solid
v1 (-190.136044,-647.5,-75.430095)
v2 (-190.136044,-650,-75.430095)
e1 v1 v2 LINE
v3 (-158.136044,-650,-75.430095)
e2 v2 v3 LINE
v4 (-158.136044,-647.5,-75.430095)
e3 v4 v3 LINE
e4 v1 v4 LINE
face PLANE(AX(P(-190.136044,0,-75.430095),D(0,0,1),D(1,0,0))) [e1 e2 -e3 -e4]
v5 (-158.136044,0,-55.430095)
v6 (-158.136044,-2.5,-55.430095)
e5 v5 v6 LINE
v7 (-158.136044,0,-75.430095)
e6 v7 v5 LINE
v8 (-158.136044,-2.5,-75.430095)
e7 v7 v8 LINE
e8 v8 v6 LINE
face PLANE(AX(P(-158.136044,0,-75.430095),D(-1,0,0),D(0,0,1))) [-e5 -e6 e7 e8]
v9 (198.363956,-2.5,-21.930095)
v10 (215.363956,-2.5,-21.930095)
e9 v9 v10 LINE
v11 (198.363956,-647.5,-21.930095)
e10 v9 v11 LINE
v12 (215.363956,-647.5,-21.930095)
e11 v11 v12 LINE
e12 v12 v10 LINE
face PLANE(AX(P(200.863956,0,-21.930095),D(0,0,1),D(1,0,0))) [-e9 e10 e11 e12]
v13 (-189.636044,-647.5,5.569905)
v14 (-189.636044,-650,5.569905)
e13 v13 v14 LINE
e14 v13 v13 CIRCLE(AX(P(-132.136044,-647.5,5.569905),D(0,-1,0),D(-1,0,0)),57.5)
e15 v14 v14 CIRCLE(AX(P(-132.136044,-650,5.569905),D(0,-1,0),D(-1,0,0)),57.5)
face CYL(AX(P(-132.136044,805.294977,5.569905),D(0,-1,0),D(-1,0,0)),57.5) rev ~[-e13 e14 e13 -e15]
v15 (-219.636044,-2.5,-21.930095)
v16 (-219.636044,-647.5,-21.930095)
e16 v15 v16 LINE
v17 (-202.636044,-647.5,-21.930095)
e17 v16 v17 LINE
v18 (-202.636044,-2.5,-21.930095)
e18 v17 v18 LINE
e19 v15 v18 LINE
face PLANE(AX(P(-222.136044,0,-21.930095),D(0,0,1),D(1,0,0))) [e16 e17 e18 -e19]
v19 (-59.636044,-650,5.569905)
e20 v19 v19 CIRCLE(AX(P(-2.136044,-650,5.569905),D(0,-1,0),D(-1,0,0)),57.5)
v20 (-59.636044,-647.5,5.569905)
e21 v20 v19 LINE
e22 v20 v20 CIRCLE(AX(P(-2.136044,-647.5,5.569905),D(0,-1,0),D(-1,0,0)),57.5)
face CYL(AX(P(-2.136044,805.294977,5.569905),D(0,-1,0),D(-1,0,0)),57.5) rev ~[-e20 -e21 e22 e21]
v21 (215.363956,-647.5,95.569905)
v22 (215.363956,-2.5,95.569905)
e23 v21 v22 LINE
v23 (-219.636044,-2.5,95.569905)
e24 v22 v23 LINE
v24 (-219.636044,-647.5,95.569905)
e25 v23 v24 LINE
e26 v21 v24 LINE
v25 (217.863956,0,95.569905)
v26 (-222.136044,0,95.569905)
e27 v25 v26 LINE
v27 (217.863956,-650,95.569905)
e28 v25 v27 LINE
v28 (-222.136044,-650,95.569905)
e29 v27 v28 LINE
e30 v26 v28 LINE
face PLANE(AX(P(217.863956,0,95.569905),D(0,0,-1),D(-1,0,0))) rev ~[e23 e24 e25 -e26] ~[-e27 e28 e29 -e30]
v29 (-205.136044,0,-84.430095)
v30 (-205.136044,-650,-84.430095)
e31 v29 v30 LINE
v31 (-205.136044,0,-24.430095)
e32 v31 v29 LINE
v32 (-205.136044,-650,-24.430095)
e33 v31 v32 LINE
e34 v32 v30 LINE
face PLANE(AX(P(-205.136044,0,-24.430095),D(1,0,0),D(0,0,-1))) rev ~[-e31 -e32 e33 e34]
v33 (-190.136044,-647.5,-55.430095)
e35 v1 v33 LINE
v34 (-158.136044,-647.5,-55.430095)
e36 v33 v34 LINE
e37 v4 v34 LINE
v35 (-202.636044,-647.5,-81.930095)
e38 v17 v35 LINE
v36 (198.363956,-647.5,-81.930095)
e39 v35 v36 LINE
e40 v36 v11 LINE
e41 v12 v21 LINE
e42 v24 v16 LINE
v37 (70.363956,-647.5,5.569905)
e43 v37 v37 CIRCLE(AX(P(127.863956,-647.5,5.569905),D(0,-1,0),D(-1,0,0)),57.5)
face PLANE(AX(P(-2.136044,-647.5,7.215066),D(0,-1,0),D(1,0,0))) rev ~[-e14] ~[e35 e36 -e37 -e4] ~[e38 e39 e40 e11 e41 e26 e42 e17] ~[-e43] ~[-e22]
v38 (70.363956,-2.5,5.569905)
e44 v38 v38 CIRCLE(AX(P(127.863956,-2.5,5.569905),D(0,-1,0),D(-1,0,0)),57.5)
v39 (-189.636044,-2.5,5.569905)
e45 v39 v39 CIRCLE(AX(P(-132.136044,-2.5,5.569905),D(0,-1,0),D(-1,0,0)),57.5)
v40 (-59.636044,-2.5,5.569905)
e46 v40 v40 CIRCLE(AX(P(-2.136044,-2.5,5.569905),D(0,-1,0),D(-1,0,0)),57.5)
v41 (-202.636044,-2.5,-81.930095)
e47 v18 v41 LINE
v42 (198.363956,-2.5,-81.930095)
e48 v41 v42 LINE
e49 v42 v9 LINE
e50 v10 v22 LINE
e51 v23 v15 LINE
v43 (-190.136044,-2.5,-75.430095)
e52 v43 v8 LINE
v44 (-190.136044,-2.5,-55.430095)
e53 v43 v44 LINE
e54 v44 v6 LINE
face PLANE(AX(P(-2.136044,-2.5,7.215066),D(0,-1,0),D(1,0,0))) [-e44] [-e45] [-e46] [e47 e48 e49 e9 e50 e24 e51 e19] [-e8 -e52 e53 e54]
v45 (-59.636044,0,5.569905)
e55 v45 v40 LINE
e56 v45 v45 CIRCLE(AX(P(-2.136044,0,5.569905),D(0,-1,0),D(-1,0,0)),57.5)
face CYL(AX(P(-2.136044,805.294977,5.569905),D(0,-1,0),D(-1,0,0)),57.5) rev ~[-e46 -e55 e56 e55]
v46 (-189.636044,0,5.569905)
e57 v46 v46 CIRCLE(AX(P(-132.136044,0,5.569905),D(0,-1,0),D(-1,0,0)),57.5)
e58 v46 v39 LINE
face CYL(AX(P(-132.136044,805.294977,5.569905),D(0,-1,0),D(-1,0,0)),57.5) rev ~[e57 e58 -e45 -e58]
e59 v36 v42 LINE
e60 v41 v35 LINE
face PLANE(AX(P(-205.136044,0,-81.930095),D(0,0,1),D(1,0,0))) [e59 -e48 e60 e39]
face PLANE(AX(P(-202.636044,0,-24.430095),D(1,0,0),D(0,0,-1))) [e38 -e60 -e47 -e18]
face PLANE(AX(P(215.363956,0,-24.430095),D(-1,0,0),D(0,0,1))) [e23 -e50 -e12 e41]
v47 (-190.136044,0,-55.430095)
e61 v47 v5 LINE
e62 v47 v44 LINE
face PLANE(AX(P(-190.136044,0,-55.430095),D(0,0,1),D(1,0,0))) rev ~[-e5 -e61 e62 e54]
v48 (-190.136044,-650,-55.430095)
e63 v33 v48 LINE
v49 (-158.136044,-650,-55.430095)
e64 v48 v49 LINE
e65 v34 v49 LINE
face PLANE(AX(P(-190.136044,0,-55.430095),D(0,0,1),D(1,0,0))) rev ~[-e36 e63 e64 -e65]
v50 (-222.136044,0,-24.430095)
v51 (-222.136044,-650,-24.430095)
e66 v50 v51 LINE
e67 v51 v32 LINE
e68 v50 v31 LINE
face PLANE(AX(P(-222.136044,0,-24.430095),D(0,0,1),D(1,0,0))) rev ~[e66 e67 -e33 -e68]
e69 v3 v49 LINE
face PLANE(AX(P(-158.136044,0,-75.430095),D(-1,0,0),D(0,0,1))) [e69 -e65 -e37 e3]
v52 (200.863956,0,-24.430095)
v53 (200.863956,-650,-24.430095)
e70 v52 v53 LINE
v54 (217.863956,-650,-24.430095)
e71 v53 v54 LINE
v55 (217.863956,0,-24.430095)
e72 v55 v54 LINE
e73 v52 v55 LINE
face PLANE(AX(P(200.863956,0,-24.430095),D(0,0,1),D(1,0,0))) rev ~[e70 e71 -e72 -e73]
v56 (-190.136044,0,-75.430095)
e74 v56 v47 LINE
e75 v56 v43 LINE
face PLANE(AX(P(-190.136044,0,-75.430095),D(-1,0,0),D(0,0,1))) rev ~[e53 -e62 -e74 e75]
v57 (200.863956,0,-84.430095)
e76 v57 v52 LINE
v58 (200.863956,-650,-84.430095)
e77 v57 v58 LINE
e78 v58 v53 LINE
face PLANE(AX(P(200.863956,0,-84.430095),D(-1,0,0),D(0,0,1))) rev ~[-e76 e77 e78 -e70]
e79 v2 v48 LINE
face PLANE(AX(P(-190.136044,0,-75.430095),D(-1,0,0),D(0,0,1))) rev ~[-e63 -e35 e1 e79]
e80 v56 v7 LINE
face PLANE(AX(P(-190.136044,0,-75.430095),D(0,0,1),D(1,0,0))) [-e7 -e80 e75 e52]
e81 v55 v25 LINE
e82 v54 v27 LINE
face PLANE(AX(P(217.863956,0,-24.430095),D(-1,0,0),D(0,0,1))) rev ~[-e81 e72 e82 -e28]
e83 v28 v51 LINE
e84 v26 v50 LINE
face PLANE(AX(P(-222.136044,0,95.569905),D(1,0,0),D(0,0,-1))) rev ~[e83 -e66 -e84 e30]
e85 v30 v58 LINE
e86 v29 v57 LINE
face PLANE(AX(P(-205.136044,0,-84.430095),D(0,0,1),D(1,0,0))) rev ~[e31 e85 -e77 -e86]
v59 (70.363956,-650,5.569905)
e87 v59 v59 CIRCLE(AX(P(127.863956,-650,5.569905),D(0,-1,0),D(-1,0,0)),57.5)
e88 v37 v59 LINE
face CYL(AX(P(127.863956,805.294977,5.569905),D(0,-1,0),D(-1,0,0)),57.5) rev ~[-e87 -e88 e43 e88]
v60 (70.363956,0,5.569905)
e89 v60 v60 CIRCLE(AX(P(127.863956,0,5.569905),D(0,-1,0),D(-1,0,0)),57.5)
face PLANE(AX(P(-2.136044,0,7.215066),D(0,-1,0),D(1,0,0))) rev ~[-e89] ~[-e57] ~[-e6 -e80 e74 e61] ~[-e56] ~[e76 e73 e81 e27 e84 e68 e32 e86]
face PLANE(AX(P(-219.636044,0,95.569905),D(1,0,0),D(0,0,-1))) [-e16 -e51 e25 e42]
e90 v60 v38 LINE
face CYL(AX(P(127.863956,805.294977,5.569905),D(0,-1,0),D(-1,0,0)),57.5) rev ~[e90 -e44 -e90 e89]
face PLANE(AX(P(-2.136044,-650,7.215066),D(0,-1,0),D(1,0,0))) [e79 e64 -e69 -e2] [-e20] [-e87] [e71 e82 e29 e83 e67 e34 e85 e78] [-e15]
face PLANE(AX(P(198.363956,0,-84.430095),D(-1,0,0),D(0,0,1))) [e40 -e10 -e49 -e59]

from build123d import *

# Parameters (mm, degrees)
F0_W     = 32
F0_H     = 20
F1_DEPTH = 650
F2_T     = -2.5
F3_D     = 115
F4_DEPTH = 25


with BuildPart() as f1:
    # F0 (on Front) → F1 (new body)
    with BuildSketch(Plane.XZ):
        Polygon((217.8639564514, 95.5699048042), (-222.1360435486, 95.5699048042), (-222.1360435486, -24.4300951958), (-205.1360435486, -24.4300951958), (-205.1360435486, -84.4300951958), (200.8639564514, -84.4300951958), (200.8639564514, -24.4300951958), (217.8639564514, -24.4300951958), align=None)
        with Locations((-174.1360435486, -65.4300951958)):
            Rectangle(F0_W, F0_H, mode=Mode.SUBTRACT)
    extrude(amount=F1_DEPTH)

    # F2
    f2_openings = [f1.faces().sort_by_distance(p)[0] for p in [
        (-2.136044, -325, 95.569905),
    ]]
    offset(amount=F2_T, openings=f2_openings, kind=Kind.INTERSECTION)

    # F3 (through all)
    with Locations(Plane(origin=(0, 0, 0), x_dir=(1, 0, 0), z_dir=(0, 1, 0))):
        with Locations((-132.1360435486, -5.5699048042), (-2.1360435486, -5.5699048042), (127.8639564514, -5.5699048042)):
            Hole(F3_D / 2)

    # F4 (cut): a face of the model
    f4_faces = [f1.faces().sort_by_distance(p)[0] for p in [
        (-174.1360435486, -325, -52.9300951958),
    ]]
    extrude(f4_faces, amount=-F4_DEPTH, mode=Mode.SUBTRACT)


solid = f1.part
